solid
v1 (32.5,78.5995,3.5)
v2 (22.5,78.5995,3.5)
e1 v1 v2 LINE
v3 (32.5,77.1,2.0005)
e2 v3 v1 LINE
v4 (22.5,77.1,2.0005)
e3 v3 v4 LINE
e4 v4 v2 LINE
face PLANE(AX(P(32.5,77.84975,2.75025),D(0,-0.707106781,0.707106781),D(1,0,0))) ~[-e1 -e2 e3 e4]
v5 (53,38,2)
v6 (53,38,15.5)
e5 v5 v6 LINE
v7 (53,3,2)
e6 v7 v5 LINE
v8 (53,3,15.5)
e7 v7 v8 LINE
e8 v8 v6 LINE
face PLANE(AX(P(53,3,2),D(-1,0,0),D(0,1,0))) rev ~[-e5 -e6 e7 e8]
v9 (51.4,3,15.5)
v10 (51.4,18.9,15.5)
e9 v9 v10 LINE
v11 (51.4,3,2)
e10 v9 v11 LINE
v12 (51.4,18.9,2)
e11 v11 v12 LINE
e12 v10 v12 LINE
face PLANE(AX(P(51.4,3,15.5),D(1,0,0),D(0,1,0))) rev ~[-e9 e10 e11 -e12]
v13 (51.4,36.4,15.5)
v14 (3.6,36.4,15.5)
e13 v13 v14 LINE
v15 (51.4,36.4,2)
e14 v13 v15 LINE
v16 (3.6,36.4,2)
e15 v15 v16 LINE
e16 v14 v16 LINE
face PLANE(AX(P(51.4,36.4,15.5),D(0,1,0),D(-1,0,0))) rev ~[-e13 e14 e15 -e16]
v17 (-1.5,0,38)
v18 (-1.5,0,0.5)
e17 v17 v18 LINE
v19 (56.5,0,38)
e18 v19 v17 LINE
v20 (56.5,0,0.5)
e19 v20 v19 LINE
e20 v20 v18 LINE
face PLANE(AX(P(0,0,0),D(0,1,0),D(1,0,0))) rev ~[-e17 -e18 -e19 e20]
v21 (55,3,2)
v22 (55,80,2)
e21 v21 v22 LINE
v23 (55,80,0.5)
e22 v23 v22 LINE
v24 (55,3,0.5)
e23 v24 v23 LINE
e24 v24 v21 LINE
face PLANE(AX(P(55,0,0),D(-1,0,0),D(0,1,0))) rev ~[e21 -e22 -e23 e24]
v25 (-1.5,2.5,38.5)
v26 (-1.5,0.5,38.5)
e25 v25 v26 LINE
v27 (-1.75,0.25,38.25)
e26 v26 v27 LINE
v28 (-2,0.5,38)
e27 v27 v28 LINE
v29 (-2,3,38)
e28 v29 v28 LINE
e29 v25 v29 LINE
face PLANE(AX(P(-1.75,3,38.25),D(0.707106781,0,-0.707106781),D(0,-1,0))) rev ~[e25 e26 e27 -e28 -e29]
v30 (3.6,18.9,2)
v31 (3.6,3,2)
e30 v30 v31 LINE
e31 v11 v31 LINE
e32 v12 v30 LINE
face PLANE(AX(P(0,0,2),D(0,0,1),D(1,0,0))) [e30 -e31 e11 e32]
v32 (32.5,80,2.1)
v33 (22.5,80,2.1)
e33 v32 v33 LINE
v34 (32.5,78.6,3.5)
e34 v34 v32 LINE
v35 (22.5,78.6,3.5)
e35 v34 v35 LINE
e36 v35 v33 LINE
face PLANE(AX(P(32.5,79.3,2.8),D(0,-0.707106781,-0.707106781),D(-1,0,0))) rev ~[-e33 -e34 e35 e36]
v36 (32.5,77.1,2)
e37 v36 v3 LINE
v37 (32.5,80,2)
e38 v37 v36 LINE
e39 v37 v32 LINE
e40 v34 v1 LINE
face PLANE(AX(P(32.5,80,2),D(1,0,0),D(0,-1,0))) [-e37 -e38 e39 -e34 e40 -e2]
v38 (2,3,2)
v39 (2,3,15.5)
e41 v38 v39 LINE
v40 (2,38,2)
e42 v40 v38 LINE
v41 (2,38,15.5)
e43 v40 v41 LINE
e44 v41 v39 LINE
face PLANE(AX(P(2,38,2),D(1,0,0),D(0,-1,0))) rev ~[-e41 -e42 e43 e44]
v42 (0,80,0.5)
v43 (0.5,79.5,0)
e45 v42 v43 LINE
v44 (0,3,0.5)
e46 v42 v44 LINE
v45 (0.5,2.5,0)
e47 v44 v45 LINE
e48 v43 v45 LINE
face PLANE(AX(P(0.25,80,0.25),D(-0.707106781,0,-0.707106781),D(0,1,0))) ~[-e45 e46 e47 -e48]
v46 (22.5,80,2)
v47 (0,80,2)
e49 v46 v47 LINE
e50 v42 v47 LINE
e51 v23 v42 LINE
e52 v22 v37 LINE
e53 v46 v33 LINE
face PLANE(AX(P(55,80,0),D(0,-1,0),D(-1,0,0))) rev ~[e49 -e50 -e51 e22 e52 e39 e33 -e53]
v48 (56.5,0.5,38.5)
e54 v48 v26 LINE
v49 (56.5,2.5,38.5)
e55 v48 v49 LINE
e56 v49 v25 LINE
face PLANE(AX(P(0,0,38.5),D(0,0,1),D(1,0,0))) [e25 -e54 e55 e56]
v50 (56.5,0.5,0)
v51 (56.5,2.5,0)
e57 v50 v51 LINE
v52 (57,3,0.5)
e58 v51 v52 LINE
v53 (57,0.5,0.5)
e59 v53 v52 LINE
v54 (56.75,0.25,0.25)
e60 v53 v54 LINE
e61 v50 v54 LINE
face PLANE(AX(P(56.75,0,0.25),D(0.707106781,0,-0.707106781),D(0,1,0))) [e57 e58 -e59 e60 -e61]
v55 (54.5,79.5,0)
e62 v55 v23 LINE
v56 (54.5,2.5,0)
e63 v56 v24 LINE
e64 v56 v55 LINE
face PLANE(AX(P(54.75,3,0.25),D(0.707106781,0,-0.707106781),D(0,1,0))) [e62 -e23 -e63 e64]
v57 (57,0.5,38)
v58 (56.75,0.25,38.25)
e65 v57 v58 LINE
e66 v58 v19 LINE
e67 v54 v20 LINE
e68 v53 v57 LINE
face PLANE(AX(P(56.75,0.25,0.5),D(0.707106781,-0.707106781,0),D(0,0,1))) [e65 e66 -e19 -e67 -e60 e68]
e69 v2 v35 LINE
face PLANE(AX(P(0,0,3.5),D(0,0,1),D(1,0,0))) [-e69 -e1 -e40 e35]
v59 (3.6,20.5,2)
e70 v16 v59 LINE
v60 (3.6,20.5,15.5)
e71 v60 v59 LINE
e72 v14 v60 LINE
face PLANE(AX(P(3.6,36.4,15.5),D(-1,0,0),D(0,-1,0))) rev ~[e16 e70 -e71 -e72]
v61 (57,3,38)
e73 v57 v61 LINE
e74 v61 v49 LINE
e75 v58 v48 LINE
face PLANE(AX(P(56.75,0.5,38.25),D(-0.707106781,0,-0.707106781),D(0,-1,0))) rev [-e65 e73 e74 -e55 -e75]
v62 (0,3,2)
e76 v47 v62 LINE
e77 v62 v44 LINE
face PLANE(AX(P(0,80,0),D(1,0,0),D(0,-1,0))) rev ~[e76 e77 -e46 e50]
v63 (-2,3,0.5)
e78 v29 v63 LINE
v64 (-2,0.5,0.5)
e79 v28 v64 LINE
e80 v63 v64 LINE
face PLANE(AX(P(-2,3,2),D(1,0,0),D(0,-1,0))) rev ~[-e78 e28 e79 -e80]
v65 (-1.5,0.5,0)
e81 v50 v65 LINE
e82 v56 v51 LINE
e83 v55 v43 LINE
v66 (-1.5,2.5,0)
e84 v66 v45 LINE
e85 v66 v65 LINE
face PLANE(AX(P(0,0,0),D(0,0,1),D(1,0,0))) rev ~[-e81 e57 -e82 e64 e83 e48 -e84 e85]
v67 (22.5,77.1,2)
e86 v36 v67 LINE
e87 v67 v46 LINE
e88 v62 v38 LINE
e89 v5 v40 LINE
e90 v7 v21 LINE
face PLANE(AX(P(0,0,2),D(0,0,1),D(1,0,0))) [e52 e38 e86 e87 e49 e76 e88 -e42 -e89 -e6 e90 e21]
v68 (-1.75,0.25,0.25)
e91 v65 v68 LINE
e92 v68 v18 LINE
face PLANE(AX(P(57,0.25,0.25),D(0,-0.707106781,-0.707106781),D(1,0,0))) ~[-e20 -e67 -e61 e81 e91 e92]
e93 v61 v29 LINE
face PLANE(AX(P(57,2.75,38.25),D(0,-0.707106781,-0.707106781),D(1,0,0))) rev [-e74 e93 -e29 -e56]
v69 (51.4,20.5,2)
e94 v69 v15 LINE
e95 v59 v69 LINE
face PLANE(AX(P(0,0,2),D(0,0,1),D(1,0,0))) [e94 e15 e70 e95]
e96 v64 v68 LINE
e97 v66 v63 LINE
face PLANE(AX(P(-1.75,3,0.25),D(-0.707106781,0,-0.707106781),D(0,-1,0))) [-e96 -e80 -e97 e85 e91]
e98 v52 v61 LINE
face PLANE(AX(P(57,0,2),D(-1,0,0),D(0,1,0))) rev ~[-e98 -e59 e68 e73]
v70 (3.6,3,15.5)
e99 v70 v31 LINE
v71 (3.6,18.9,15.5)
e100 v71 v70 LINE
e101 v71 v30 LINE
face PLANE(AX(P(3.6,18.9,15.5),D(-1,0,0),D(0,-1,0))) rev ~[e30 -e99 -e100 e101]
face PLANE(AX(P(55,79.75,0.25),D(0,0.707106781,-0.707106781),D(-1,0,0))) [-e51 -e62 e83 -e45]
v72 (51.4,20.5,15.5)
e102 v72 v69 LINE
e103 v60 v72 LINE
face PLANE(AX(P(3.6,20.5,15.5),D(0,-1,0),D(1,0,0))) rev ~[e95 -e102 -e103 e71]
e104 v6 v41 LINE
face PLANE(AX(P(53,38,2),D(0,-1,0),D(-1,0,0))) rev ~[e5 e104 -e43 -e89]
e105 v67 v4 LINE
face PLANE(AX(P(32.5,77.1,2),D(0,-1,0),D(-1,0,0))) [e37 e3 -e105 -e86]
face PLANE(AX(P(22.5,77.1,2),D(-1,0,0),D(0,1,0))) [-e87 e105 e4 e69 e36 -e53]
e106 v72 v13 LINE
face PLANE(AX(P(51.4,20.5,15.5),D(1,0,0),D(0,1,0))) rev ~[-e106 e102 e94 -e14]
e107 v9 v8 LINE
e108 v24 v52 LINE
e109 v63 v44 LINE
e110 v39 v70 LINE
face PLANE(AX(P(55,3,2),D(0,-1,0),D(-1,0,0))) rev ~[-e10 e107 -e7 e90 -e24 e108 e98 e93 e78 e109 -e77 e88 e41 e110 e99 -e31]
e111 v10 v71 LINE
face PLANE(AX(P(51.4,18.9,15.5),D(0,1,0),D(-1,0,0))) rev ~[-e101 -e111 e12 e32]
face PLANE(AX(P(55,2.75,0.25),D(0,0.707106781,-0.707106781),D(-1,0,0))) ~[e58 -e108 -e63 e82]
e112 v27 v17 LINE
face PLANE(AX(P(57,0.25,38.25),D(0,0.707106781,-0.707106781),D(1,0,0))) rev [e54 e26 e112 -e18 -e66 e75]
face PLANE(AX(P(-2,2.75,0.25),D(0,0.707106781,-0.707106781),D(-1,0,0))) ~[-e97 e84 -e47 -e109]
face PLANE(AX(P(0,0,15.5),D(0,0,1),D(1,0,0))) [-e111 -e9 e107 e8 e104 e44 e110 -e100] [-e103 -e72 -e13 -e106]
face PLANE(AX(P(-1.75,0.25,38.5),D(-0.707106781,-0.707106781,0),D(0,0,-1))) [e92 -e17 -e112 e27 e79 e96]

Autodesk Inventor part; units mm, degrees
ref_plane "YZ Plane" through (0, 0, 0) normal (1, 0, 0) x (0, 1, 0)
ref_plane "XZ Plane" through (0, 0, 0) normal (0, 1, 0) x (-1, 0, 0)
ref_plane "XY Plane" through (0, 0, 0) normal (0, 0, 1) x (1, 0, 0)
sketch "Sketch1" plane through (0, 0, 0) normal (0, 0, 1) x (1, 0, 0)
  line L0 (0, 0) -> (55, 0)
  line L1 (55, 0) -> (55, 80)
  line L2 (55, 80) -> (0, 80)
  line L3 (0, 80) -> (0, 0)
  dimension "d0" = 55
  dimension "d1" = 80
extrude "Base" add sketch "Sketch1" along normal blind 2
sketch "Sketch2" plane through (0, 0, 2) normal (0, 0, 1) x (1, 0, 0)
  line L0 (55, 0) -> (55, 80) projected
  line L1 (0, 80) -> (0, 0) projected
  line L2 (-2, 0) -> (57, 0)
  line L3 (57, 0) -> (57, 3)
  line L4 (57, 3) -> (-2, 3)
  line L5 (-2, 3) -> (-2, 0)
  dimension "d4" = 3
  dimension "d5" = 2
  dimension "d6" = 2
extrude "Back" add sketch "Sketch2" along normal blind 36.5 and the other way blind 2
sketch "Sketch6" plane through (0, 0, 2) normal (0, 0, 1) x (1, 0, 0)
  line L0 (0, 80) -> (0, 3) projected
  line L1 (0, 3) -> (55, 3) projected
  line L2 (55, 3) -> (55, 80) projected
  line L3 (2, 3) -> (53, 3)
  line L4 (53, 3) -> (53, 38)
  line L5 (53, 38) -> (2, 38)
  line L6 (2, 38) -> (2, 3)
  point P0 (0, 0)
  dimension "d29" = 35
  dimension "d30" = 2
  dimension "d31" = 2
extrude "Box" add sketch "Sketch6" along normal blind 13.5
chamfer "Chamfer3" distance 0.5 angle 45 8 edges at (0, 41.5, 0) (27.5, 80, 0) (55, 41.5, 0) (-1, 3, 0) (-2, 1.5, 0) (27.5, 0, 0) (57, 1.5, 0) (56, 3, 0)
chamfer "Chamfer4" distance 0.5 angle 45 3 edges at (-2, 0, 19.5) (27.5, 0, 38.5) (57, 0, 19.5)
chamfer "Chamfer5" distance 0.5 angle 45 3 edges at (-2, 1.75, 38.5) (27.5, 3, 38.5) (57, 1.75, 38.5)
sketch "Sketch7" plane through (0, 0, 15.5) normal (0, 0, 1) x (1, 0, 0)
  line L0 (53, 3) -> (2, 3) projected
  line L1 (53, 3) -> (53, 38) projected
  line L2 (53, 38) -> (2, 38) projected
  line L3 (2, 38) -> (2, 3) projected
  line L4 (3.6, 3) -> (51.4, 3)
  line L5 (51.4, 3) -> (51.4, 18.9)
  line L6 (51.4, 18.9) -> (3.6, 18.9)
  line L7 (3.6, 18.9) -> (3.6, 3)
  line L8 (51.4, 36.4) -> (3.6, 36.4)
  line L9 (3.6, 36.4) -> (3.6, 20.5)
  line L10 (3.6, 20.5) -> (51.4, 20.5)
  line L11 (51.4, 20.5) -> (51.4, 36.4)
  point P0 (0, 0)
  dimension "d44" = 1.6
  dimension "d45" = 1.6
  dimension "d46" = 1.6
  dimension "d47" = 1.6
  dimension "d48" = 1.6
  dimension "d49" = 1.6
  dimension "d50" = 15.9
  dimension "d51" = 15.9
extrude "Box inside" cut sketch "Sketch7" against normal blind 13.5 contours L0 L7 L6 L5 | L11 L10 L9 L8
sketch "Sketch8" plane through (0, 0, 2) normal (0, 0, 1) x (1, 0, 0)
  line L0 (55, 3) -> (55, 80) projected
  line L1 (55, 80) -> (0, 80) projected
  line L2 (0, 80) -> (0, 3) projected
  line L3 (22.5, 80) -> (32.5, 80)
  line L4 (32.5, 80) -> (32.5, 77.1)
  line L5 (32.5, 77.1) -> (22.5, 77.1)
  line L6 (22.5, 77.1) -> (22.5, 80)
  point P0 (0, 0)
  dimension "d63" = 22.5
  dimension "d64" = 22.5
  dimension "d65" = 10
  dimension "d66" = 2.9
extrude "Extrusion8" add sketch "Sketch8" along normal blind 1.5
chamfer "Chamfer9" distance 1.5 angle 45 1 edges at (27.5, 77.1, 3.5)
chamfer "Chamfer10" distance 1.4 angle 45 1 edges at (27.5, 80, 3.5)
equation "\"d31\" = d30"
equation "\"d45\" = d44"
equation "\"d46\" = d45"
equation "\"d47\" = d46"
equation "\"d48\" = d44"
equation "\"d49\" = d44"
equation "\"d64\" = d63"
properties part number "BOTTOM"
